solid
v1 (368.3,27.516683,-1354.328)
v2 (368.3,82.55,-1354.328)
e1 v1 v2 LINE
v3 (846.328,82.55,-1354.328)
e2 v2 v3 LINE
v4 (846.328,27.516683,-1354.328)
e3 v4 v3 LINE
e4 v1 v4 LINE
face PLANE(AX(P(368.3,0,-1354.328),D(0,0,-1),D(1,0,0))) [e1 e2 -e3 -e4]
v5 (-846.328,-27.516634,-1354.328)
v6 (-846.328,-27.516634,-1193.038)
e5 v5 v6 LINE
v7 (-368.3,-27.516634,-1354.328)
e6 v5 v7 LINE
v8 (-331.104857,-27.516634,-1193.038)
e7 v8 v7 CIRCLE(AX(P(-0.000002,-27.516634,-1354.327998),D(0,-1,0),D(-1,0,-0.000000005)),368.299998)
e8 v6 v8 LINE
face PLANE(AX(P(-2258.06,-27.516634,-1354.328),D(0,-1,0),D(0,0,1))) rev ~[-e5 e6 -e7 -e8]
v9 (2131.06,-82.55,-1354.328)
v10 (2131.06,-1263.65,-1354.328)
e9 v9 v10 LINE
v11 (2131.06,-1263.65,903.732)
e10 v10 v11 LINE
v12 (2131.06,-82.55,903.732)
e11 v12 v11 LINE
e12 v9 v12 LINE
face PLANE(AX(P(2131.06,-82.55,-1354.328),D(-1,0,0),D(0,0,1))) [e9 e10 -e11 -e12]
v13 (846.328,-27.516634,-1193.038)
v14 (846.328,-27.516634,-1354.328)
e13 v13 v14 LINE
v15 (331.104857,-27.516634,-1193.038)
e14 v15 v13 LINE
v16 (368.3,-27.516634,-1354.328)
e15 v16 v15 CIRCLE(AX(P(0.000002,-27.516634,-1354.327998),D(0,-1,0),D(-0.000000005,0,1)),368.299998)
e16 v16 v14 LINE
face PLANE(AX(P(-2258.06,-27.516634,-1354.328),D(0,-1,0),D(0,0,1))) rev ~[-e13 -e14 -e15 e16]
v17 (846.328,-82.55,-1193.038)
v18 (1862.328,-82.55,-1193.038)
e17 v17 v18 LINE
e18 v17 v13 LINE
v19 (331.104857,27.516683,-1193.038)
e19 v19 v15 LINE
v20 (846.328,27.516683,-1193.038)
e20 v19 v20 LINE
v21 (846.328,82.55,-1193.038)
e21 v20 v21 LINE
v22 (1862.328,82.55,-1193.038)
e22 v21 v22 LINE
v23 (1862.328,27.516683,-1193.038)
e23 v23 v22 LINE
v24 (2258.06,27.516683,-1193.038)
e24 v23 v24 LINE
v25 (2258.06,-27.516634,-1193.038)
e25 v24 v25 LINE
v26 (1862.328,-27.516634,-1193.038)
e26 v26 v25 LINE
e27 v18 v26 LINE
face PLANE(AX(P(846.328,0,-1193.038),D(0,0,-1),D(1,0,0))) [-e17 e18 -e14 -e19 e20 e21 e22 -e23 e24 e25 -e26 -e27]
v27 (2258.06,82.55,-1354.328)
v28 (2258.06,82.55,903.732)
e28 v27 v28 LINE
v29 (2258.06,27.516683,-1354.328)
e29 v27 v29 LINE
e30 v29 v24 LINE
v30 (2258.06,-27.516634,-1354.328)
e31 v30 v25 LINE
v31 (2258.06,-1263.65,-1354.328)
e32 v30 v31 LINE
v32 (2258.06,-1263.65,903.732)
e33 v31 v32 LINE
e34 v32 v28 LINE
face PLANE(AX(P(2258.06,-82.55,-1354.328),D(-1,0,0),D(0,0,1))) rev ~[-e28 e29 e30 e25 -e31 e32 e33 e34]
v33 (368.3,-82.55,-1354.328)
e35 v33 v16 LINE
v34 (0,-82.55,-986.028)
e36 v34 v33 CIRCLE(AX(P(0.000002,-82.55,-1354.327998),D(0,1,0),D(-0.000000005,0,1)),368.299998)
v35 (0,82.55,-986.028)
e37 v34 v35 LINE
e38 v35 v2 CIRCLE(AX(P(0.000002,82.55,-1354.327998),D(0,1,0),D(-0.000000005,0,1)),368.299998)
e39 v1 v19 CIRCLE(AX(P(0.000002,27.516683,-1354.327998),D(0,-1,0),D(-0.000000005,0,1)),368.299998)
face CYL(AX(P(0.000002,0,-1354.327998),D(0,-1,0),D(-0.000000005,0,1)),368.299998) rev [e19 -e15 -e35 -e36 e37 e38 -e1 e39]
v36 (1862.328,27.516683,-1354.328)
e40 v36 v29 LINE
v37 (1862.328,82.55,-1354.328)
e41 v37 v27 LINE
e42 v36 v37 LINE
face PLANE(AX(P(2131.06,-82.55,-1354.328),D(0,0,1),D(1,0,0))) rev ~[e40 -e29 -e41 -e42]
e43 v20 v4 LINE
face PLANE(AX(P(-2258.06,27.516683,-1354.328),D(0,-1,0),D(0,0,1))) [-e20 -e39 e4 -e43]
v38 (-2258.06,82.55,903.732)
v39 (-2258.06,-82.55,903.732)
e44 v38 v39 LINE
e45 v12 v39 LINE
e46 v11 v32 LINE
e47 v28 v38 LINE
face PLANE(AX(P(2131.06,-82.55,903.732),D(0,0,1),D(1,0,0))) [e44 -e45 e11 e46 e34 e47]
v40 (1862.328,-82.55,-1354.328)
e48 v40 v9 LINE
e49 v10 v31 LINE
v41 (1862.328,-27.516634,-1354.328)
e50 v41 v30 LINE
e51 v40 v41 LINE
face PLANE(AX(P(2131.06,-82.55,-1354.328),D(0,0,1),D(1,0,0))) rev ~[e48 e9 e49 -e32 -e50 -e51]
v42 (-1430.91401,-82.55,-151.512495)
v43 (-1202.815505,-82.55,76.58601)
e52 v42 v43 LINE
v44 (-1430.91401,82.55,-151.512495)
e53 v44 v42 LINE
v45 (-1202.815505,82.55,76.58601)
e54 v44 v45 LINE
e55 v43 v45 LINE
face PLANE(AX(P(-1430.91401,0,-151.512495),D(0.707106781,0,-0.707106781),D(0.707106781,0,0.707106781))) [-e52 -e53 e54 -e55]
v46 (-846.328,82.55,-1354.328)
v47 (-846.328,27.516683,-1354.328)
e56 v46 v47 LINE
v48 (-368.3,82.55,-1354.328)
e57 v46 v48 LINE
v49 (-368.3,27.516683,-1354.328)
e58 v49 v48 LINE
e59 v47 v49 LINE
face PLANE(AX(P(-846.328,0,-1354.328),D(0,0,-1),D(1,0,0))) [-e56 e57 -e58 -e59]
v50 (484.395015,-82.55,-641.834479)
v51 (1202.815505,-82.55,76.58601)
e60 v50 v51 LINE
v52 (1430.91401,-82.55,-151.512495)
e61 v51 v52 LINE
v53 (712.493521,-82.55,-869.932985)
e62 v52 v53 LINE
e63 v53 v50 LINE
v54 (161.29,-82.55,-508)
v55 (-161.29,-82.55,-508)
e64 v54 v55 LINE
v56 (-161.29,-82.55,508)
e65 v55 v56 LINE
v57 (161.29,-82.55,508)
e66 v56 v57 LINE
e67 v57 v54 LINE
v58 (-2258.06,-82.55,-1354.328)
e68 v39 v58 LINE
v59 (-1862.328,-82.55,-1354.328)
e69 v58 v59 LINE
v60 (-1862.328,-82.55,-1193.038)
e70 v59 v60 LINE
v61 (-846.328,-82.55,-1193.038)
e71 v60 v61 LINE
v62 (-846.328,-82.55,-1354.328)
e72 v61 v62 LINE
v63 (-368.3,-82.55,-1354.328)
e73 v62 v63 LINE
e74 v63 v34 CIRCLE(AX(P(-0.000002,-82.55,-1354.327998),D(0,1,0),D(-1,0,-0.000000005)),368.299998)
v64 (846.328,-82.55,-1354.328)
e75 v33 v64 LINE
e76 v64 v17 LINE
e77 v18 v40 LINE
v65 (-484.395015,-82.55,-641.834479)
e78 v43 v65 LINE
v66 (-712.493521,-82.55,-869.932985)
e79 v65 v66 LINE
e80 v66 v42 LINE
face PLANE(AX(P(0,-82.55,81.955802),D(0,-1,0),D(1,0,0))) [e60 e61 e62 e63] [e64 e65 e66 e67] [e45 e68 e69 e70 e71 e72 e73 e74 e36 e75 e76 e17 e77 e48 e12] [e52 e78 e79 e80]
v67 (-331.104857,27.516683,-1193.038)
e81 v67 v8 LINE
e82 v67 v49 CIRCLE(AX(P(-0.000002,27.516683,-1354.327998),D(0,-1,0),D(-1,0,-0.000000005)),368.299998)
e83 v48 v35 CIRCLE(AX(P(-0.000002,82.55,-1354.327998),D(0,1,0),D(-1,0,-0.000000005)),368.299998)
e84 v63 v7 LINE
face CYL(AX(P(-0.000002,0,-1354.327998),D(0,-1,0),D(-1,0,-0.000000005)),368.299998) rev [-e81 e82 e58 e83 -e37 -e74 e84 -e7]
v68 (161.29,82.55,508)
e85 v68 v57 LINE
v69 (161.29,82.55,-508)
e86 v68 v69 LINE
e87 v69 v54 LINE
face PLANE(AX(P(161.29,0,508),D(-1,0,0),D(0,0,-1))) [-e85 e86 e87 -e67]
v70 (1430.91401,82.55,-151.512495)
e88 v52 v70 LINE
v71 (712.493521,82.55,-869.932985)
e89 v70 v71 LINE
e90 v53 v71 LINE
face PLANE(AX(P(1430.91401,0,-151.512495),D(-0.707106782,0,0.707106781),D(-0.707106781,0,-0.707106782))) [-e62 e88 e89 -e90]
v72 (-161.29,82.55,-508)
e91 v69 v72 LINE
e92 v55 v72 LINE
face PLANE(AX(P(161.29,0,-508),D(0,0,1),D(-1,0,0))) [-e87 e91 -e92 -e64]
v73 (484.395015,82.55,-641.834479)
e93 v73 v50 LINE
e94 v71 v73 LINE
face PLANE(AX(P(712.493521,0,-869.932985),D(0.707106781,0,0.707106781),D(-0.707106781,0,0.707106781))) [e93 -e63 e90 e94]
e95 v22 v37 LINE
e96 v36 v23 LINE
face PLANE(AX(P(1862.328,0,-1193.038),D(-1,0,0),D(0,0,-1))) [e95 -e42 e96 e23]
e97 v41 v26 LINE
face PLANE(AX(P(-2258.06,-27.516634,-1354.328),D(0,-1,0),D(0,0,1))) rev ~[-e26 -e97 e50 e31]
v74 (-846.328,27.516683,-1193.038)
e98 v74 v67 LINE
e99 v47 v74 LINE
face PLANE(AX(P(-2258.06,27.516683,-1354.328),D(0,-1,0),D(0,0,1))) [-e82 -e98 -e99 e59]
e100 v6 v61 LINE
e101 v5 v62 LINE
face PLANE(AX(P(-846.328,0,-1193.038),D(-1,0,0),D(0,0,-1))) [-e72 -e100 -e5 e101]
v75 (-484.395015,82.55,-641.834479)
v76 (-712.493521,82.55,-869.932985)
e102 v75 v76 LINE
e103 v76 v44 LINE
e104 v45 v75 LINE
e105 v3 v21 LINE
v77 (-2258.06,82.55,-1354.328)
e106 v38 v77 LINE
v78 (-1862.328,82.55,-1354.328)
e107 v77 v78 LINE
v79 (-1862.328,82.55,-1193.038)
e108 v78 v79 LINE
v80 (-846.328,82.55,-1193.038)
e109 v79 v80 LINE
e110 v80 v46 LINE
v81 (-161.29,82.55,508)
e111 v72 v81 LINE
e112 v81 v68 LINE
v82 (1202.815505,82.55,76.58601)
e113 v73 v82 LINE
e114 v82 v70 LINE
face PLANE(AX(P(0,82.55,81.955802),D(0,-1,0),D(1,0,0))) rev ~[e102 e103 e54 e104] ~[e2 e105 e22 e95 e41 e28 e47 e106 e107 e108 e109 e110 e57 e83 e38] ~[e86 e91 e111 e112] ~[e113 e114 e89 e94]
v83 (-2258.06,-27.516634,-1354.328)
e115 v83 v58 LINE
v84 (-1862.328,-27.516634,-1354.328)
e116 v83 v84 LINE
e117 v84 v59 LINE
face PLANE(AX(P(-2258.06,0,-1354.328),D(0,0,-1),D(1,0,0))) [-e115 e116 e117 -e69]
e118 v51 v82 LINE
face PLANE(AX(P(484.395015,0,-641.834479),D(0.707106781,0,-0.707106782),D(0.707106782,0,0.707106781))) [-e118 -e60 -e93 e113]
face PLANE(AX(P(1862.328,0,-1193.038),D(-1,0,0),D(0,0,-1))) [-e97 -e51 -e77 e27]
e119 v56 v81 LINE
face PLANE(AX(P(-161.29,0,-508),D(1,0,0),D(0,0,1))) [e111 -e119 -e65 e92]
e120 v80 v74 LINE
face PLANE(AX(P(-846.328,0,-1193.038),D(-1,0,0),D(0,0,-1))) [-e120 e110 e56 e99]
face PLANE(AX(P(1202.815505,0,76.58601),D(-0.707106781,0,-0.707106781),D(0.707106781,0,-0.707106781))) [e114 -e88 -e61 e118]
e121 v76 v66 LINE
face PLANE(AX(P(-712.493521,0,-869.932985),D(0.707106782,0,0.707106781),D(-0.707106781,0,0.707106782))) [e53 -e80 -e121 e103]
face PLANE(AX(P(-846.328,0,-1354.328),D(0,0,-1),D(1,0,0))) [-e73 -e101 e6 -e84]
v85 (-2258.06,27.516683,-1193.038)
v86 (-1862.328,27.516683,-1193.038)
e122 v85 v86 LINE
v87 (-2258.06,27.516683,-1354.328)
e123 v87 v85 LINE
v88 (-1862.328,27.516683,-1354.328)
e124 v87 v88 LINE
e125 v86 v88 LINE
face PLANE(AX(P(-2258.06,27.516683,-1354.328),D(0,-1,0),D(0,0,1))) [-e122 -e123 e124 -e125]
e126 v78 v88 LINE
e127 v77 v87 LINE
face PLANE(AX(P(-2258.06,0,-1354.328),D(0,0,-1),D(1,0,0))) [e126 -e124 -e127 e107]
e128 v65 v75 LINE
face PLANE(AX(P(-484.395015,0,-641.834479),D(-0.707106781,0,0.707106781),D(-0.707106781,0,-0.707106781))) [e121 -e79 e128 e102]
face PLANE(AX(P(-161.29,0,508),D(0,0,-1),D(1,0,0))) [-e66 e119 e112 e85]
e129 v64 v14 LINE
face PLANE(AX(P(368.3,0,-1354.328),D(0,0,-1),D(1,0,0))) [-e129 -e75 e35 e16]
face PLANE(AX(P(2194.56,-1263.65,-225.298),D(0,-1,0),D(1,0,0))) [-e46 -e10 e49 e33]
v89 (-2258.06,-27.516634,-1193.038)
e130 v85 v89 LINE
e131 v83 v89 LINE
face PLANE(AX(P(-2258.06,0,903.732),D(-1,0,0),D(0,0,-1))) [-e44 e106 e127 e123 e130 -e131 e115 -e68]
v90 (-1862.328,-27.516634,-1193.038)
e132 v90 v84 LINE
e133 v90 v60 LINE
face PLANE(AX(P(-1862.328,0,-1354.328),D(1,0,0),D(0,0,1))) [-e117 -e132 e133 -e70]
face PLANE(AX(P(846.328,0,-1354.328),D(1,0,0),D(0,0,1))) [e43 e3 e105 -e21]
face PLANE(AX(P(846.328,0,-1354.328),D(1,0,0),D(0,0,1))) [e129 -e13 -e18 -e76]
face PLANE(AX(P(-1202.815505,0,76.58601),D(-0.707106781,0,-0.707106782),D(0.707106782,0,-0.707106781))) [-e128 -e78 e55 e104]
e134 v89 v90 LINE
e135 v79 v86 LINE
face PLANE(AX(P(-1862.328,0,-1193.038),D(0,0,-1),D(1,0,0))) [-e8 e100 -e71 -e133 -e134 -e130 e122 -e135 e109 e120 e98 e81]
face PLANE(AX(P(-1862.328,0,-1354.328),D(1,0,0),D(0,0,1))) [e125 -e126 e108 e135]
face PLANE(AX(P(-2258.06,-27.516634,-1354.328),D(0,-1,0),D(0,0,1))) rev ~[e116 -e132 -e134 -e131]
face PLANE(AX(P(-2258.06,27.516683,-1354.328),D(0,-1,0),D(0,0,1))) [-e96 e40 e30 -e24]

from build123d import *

# Parameters (mm, degrees)
F1_DEPTH = 82.55
F2_W     = 127
F2_H     = 2258.06
F3_DEPTH = 1181.1
F4_W     = 55.033317
F4_H     = 161.29
F5_DEPTH = 4516.12


with BuildPart() as f1:
    # F0 (on Front) → F1 (new body, symmetric)
    with BuildSketch(Plane.XZ):
        with BuildLine():
            Line((2258.06, -1354.328), (2258.06, 903.732))
            Line((2258.06, 903.732), (-2258.06, 903.732))
            Line((-2258.06, 903.732), (-2258.06, -1354.328))
            Line((-2258.06, -1354.328), (-1935.48, -1354.328))
            ThreePointArc((-1935.48, -1354.328), (-1368.591033, 14.263033), (0, 581.152))
            ThreePointArc((0, 581.152), (1368.591033, 14.263033), (1935.48, -1354.328))
            Line((1935.48, -1354.328), (2258.06, -1354.328))
        make_face()
        with BuildLine():
            ThreePointArc((0, 581.152), (-1368.591033, 14.263033), (-1935.48, -1354.328))
            Line((-1935.48, -1354.328), (-1862.328, -1354.328))
            Line((-1862.328, -1354.328), (-1862.328, -1193.038))
            Line((-1862.328, -1193.038), (-846.328, -1193.038))
            Line((-846.328, -1193.038), (-846.328, -1354.328))
            Line((-846.328, -1354.328), (-368.3, -1354.328))
            ThreePointArc((-368.3, -1354.328), (-260.427428, -1093.900572), (0, -986.028))
            Line((0, -986.028), (0, -508))
            Line((0, -508), (-161.29, -508))
            Line((-161.29, -508), (-161.29, 508))
            Line((-161.29, 508), (0, 508))
            Line((0, 508), (0, 581.152))
        make_face()
        Polygon((-712.493521, -869.932985), (-1430.91401, -151.512495), (-1202.815505, 76.58601), (-484.395015, -641.834479), align=None, mode=Mode.SUBTRACT)
        with BuildLine():
            Line((1862.328, -1354.328), (1935.48, -1354.328))
            ThreePointArc((1935.48, -1354.328), (1368.591033, 14.263033), (0, 581.152))
            Line((0, 581.152), (0, 508))
            Line((0, 508), (161.29, 508))
            Line((161.29, 508), (161.29, -508))
            Line((161.29, -508), (0, -508))
            Line((0, -508), (0, -986.028))
            ThreePointArc((0, -986.028), (260.427428, -1093.900572), (368.3, -1354.328))
            Line((368.3, -1354.328), (846.328, -1354.328))
            Line((846.328, -1354.328), (846.328, -1193.038))
            Line((846.328, -1193.038), (1862.328, -1193.038))
            Line((1862.328, -1193.038), (1862.328, -1354.328))
        make_face()
        Polygon((484.395015, -641.834479), (1202.815505, 76.58601), (1430.91401, -151.512495), (712.493521, -869.932985), align=None, mode=Mode.SUBTRACT)
    extrude(amount=F1_DEPTH, both=True)

    # F2 (on face) → F3 (join)
    with BuildSketch(Plane.XZ.offset(82.55)):
        with Locations((2194.56, -225.298)):
            Rectangle(F2_W, F2_H)
    extrude(amount=F3_DEPTH)

    # F4 (on face) → F5 (cut)
    with BuildSketch(Plane(origin=(-2258.06, 0, 0), x_dir=(0, -1, 0), z_dir=(-1, 0, 0))):
        with Locations((-2.5e-05, -1273.683)):
            Rectangle(F4_W, F4_H)
    extrude(amount=-F5_DEPTH, mode=Mode.SUBTRACT)


solid = f1.part
